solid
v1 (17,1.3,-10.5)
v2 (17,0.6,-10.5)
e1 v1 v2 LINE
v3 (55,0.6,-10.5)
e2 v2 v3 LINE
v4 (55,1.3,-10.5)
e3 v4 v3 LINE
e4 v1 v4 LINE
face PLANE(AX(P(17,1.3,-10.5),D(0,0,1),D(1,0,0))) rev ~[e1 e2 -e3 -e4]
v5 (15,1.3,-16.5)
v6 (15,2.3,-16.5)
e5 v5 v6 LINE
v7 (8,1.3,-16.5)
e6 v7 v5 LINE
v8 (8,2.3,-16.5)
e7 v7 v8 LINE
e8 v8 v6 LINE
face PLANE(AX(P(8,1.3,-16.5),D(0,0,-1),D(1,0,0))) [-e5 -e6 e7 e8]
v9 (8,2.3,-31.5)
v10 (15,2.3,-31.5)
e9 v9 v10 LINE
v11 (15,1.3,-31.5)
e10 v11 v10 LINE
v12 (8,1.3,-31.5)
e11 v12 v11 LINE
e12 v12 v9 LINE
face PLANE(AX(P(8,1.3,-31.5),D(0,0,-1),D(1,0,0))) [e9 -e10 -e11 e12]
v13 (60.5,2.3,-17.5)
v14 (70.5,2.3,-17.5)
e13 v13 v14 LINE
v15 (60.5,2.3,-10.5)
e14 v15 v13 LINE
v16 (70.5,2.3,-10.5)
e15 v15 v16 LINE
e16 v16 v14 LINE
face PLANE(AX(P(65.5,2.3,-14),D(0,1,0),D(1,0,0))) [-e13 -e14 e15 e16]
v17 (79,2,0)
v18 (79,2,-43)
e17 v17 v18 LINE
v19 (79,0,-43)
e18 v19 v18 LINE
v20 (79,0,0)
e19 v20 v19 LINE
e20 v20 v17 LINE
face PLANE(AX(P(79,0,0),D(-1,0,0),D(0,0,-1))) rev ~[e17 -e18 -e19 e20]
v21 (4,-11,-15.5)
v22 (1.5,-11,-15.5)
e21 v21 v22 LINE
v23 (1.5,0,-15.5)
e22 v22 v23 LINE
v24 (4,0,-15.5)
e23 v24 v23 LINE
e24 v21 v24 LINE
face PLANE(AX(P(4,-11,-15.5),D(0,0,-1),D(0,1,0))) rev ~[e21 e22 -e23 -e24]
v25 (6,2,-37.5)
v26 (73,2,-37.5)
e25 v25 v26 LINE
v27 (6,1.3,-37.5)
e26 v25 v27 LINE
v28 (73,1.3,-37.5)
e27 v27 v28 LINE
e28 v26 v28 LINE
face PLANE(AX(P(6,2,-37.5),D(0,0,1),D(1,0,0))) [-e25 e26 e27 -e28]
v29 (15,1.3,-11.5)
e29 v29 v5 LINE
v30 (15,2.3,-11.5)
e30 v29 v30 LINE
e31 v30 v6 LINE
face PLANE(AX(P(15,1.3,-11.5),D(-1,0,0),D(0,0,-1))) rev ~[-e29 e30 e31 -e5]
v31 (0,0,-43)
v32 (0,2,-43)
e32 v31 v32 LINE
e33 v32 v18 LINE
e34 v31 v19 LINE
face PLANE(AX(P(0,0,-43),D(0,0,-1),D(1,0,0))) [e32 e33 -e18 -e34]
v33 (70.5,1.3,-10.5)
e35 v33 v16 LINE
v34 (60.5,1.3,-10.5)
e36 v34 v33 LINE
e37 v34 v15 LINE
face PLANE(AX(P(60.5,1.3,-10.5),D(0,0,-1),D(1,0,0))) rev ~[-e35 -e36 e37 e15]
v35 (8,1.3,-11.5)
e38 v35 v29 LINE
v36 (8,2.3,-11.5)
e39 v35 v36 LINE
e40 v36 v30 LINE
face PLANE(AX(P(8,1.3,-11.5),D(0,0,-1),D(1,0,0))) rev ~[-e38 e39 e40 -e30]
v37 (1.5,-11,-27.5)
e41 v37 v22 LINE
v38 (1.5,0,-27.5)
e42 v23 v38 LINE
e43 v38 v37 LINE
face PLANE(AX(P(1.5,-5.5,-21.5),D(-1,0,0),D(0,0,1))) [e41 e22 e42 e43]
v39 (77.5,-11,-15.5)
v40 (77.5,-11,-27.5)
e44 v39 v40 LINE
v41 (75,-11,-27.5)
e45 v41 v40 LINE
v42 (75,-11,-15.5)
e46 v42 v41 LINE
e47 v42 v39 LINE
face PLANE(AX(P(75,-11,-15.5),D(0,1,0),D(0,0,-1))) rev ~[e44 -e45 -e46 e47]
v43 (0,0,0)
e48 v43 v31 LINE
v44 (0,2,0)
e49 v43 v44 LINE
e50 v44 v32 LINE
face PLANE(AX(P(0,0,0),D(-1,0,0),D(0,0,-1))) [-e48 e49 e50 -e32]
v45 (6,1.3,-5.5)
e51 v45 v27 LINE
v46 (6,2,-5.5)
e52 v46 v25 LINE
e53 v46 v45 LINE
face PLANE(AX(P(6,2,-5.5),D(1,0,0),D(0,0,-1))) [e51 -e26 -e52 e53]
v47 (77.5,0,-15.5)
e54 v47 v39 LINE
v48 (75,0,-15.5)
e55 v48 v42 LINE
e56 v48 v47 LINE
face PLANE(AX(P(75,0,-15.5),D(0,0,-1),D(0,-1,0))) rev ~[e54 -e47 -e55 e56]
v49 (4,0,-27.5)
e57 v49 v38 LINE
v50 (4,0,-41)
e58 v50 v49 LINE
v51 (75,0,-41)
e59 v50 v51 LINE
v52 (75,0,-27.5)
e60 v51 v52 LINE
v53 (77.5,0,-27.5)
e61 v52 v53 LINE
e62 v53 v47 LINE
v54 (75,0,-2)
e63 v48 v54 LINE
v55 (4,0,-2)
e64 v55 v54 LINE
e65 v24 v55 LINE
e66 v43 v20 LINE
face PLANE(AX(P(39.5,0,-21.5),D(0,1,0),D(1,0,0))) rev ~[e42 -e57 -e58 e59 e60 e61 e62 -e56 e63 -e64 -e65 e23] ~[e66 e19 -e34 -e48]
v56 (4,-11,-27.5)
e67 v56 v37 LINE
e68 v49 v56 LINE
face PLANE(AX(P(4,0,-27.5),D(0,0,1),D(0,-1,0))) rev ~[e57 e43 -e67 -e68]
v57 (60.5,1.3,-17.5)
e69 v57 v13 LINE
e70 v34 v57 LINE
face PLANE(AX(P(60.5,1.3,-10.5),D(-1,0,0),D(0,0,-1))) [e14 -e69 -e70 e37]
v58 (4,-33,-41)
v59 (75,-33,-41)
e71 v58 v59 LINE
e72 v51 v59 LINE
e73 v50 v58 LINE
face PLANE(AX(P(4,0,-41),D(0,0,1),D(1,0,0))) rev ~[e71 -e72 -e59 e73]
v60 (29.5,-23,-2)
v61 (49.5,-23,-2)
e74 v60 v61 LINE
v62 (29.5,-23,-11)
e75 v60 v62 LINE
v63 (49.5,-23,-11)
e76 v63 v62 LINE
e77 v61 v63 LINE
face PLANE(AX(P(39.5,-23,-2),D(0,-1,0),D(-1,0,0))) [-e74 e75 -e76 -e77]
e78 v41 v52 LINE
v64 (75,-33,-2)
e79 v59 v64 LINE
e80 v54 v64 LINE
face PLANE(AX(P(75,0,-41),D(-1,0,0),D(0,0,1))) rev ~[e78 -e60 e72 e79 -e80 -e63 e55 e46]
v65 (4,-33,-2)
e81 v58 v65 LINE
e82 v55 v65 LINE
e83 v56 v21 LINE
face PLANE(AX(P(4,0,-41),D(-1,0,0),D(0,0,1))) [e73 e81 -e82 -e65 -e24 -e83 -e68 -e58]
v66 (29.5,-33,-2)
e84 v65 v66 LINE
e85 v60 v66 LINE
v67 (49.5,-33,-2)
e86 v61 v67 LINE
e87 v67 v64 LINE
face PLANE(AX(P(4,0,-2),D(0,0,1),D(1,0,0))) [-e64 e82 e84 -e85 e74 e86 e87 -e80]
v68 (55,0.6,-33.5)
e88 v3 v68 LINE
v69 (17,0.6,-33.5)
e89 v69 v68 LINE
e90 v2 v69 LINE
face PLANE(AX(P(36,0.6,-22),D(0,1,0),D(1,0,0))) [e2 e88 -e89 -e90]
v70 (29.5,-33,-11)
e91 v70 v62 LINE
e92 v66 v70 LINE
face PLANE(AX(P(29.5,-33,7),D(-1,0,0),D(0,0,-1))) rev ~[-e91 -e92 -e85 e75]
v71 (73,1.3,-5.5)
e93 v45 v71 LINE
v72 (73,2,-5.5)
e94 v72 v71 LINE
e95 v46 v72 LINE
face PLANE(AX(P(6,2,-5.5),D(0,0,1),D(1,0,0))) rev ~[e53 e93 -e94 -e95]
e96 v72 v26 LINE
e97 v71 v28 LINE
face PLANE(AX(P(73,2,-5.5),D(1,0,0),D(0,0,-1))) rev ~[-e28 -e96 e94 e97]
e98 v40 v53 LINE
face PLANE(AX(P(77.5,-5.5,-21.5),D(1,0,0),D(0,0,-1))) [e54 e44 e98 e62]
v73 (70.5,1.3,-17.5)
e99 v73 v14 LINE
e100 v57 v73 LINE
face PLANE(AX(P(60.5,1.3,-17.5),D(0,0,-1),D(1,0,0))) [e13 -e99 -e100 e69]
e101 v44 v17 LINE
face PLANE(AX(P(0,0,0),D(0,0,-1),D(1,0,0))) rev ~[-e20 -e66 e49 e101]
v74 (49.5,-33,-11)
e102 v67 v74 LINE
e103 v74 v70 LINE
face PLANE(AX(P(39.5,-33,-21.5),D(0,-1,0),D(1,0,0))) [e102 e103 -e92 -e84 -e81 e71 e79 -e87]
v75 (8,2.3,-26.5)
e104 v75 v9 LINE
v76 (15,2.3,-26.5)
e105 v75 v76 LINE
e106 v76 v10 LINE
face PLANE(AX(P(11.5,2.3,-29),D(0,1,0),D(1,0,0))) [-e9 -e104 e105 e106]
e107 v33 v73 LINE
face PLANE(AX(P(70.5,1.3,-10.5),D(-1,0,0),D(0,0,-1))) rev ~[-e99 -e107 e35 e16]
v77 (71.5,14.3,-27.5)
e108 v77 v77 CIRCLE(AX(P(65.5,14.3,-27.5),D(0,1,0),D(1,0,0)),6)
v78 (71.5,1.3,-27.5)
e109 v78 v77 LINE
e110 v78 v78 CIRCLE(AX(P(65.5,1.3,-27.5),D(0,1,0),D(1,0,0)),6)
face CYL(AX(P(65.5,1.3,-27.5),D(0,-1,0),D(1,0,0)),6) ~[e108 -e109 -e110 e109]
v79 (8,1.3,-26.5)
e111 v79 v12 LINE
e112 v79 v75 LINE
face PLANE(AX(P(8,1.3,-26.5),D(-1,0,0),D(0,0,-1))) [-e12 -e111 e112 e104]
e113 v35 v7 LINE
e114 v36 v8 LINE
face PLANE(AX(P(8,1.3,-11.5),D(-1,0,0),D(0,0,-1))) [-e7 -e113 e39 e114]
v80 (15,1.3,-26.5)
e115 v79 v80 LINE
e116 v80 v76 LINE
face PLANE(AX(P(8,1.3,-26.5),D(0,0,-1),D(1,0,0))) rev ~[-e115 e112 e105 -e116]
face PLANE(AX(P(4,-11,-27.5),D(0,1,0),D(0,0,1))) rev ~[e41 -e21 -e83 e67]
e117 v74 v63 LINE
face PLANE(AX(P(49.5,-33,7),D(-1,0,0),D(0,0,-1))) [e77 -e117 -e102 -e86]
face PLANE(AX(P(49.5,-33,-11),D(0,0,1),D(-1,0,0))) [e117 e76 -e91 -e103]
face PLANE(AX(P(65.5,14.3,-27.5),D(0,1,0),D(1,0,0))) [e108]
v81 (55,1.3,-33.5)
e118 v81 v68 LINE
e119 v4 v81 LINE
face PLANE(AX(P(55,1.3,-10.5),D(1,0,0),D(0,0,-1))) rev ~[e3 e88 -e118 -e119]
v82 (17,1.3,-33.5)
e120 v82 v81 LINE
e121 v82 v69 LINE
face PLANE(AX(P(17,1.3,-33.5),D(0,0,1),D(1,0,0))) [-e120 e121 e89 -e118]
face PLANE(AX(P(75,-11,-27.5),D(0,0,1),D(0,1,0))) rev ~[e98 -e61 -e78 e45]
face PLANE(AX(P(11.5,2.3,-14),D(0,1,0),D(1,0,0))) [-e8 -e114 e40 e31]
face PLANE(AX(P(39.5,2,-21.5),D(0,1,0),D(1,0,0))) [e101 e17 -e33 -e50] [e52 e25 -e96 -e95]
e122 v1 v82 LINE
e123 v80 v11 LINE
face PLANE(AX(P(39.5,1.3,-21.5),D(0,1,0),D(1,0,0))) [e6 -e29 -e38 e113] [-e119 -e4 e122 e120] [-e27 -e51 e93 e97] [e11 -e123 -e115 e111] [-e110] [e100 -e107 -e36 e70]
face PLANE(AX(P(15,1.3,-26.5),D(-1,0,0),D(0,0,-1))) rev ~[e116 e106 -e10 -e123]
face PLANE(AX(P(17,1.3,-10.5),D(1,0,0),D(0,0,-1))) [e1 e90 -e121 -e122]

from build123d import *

# Parameters (mm, degrees)
SKETCH2_W           = 79
SKETCH2_H           = 43
BOSS_EXTRUDE1_DEPTH = 2
SKETCH3_W           = 67
SKETCH3_H           = 32
CUT_EXTRUDE1_DEPTH  = 0.7
SKETCH4_W           = 38
SKETCH4_H           = 23
CUT_EXTRUDE2_DEPTH  = 0.7
SKETCH7_R           = 6
BOSS_EXTRUDE2_DEPTH = 13
SKETCH8_W           = 10
SKETCH8_H           = 7
BOSS_EXTRUDE3_DEPTH = 1
SKETCH9_W           = 7
SKETCH9_H           = 5
BOSS_EXTRUDE4_DEPTH = 1
SKETCH10_W          = 71
SKETCH10_H          = 39
BOSS_EXTRUDE5_DEPTH = 33
SKETCH11_W          = 20
SKETCH11_H          = 18
CUT_EXTRUDE3_DEPTH  = 10
BOSS_EXTRUDE6_DEPTH = 2.5
BOSS_EXTRUDE7_DEPTH = 2.5


with BuildPart() as part:
    # Sketch2 → Boss-Extrude1 (new body)
    with BuildSketch(Plane(origin=(0, 0, 0), x_dir=(1, 0, 0), z_dir=(0, 1, 0))):
        with Locations((39.5, 21.5)):
            Rectangle(SKETCH2_W, SKETCH2_H)
    extrude(amount=BOSS_EXTRUDE1_DEPTH)

    # Sketch3 → Cut-Extrude1 (cut)
    with BuildSketch(Plane(origin=(0, 2, 0), x_dir=(1, 0, 0), z_dir=(0, 1, 0))):
        with Locations((39.5, 21.5)):
            Rectangle(SKETCH3_W, SKETCH3_H)
    extrude(amount=-CUT_EXTRUDE1_DEPTH, mode=Mode.SUBTRACT)

    # Sketch4 → Cut-Extrude2 (cut)
    with BuildSketch(Plane(origin=(0, 1.3, 0), x_dir=(1, 0, 0), z_dir=(0, 1, 0))):
        with Locations((36, 22)):
            Rectangle(SKETCH4_W, SKETCH4_H)
    extrude(amount=-CUT_EXTRUDE2_DEPTH, mode=Mode.SUBTRACT)

    # Sketch7 → Boss-Extrude2 (add)
    with BuildSketch(Plane(origin=(0, 1.3, 0), x_dir=(1, 0, 0), z_dir=(0, 1, 0))):
        with Locations((65.5, 27.5)):
            Circle(SKETCH7_R)
    extrude(amount=BOSS_EXTRUDE2_DEPTH)

    # Sketch8 → Boss-Extrude3 (add)
    with BuildSketch(Plane(origin=(0, 1.3, 0), x_dir=(1, 0, 0), z_dir=(0, 1, 0))):
        with Locations((65.5, 14)):
            Rectangle(SKETCH8_W, SKETCH8_H)
    extrude(amount=BOSS_EXTRUDE3_DEPTH)

    # Sketch9 → Boss-Extrude4 (add)
    with BuildSketch(Plane(origin=(0, 1.3, 0), x_dir=(1, 0, 0), z_dir=(0, 1, 0))):
        with Locations((11.5, 14)):
            Rectangle(SKETCH9_W, SKETCH9_H)
        with Locations((11.5, 29)):
            Rectangle(SKETCH9_W, SKETCH9_H)
    extrude(amount=BOSS_EXTRUDE4_DEPTH)

    # Sketch10 → Boss-Extrude5 (add)
    with BuildSketch(Plane.XZ):
        with Locations((39.5, -21.5)):
            Rectangle(SKETCH10_W, SKETCH10_H)
    extrude(amount=BOSS_EXTRUDE5_DEPTH)

    # Sketch11 → Cut-Extrude3 (cut)
    with BuildSketch(Plane(origin=(0, -33, 0), x_dir=(-1, 0, 0), z_dir=(0, -1, 0))):
        with Locations((-39.5, 2)):
            Rectangle(SKETCH11_W, SKETCH11_H)
    extrude(amount=-CUT_EXTRUDE3_DEPTH, mode=Mode.SUBTRACT)

    # Sketch12 → Boss-Extrude6 (add)
    with BuildSketch(Plane.ZY.offset(-4)):
        Polygon((-21.5, 0), (-27.5, 0), (-27.5, -11), (-21.5, -11), (-15.5, -11), (-15.5, 0), align=None)
    extrude(amount=BOSS_EXTRUDE6_DEPTH)

    # Sketch13 → Boss-Extrude7 (add)
    with BuildSketch(Plane(origin=(75, 0, 0), x_dir=(0, 0, -1), z_dir=(1, 0, 0))):
        Polygon((21.5, 0), (15.5, 0), (15.5, -11), (21.5, -11), (27.5, -11), (27.5, 0), align=None)
    extrude(amount=BOSS_EXTRUDE7_DEPTH)


solid = part.part
